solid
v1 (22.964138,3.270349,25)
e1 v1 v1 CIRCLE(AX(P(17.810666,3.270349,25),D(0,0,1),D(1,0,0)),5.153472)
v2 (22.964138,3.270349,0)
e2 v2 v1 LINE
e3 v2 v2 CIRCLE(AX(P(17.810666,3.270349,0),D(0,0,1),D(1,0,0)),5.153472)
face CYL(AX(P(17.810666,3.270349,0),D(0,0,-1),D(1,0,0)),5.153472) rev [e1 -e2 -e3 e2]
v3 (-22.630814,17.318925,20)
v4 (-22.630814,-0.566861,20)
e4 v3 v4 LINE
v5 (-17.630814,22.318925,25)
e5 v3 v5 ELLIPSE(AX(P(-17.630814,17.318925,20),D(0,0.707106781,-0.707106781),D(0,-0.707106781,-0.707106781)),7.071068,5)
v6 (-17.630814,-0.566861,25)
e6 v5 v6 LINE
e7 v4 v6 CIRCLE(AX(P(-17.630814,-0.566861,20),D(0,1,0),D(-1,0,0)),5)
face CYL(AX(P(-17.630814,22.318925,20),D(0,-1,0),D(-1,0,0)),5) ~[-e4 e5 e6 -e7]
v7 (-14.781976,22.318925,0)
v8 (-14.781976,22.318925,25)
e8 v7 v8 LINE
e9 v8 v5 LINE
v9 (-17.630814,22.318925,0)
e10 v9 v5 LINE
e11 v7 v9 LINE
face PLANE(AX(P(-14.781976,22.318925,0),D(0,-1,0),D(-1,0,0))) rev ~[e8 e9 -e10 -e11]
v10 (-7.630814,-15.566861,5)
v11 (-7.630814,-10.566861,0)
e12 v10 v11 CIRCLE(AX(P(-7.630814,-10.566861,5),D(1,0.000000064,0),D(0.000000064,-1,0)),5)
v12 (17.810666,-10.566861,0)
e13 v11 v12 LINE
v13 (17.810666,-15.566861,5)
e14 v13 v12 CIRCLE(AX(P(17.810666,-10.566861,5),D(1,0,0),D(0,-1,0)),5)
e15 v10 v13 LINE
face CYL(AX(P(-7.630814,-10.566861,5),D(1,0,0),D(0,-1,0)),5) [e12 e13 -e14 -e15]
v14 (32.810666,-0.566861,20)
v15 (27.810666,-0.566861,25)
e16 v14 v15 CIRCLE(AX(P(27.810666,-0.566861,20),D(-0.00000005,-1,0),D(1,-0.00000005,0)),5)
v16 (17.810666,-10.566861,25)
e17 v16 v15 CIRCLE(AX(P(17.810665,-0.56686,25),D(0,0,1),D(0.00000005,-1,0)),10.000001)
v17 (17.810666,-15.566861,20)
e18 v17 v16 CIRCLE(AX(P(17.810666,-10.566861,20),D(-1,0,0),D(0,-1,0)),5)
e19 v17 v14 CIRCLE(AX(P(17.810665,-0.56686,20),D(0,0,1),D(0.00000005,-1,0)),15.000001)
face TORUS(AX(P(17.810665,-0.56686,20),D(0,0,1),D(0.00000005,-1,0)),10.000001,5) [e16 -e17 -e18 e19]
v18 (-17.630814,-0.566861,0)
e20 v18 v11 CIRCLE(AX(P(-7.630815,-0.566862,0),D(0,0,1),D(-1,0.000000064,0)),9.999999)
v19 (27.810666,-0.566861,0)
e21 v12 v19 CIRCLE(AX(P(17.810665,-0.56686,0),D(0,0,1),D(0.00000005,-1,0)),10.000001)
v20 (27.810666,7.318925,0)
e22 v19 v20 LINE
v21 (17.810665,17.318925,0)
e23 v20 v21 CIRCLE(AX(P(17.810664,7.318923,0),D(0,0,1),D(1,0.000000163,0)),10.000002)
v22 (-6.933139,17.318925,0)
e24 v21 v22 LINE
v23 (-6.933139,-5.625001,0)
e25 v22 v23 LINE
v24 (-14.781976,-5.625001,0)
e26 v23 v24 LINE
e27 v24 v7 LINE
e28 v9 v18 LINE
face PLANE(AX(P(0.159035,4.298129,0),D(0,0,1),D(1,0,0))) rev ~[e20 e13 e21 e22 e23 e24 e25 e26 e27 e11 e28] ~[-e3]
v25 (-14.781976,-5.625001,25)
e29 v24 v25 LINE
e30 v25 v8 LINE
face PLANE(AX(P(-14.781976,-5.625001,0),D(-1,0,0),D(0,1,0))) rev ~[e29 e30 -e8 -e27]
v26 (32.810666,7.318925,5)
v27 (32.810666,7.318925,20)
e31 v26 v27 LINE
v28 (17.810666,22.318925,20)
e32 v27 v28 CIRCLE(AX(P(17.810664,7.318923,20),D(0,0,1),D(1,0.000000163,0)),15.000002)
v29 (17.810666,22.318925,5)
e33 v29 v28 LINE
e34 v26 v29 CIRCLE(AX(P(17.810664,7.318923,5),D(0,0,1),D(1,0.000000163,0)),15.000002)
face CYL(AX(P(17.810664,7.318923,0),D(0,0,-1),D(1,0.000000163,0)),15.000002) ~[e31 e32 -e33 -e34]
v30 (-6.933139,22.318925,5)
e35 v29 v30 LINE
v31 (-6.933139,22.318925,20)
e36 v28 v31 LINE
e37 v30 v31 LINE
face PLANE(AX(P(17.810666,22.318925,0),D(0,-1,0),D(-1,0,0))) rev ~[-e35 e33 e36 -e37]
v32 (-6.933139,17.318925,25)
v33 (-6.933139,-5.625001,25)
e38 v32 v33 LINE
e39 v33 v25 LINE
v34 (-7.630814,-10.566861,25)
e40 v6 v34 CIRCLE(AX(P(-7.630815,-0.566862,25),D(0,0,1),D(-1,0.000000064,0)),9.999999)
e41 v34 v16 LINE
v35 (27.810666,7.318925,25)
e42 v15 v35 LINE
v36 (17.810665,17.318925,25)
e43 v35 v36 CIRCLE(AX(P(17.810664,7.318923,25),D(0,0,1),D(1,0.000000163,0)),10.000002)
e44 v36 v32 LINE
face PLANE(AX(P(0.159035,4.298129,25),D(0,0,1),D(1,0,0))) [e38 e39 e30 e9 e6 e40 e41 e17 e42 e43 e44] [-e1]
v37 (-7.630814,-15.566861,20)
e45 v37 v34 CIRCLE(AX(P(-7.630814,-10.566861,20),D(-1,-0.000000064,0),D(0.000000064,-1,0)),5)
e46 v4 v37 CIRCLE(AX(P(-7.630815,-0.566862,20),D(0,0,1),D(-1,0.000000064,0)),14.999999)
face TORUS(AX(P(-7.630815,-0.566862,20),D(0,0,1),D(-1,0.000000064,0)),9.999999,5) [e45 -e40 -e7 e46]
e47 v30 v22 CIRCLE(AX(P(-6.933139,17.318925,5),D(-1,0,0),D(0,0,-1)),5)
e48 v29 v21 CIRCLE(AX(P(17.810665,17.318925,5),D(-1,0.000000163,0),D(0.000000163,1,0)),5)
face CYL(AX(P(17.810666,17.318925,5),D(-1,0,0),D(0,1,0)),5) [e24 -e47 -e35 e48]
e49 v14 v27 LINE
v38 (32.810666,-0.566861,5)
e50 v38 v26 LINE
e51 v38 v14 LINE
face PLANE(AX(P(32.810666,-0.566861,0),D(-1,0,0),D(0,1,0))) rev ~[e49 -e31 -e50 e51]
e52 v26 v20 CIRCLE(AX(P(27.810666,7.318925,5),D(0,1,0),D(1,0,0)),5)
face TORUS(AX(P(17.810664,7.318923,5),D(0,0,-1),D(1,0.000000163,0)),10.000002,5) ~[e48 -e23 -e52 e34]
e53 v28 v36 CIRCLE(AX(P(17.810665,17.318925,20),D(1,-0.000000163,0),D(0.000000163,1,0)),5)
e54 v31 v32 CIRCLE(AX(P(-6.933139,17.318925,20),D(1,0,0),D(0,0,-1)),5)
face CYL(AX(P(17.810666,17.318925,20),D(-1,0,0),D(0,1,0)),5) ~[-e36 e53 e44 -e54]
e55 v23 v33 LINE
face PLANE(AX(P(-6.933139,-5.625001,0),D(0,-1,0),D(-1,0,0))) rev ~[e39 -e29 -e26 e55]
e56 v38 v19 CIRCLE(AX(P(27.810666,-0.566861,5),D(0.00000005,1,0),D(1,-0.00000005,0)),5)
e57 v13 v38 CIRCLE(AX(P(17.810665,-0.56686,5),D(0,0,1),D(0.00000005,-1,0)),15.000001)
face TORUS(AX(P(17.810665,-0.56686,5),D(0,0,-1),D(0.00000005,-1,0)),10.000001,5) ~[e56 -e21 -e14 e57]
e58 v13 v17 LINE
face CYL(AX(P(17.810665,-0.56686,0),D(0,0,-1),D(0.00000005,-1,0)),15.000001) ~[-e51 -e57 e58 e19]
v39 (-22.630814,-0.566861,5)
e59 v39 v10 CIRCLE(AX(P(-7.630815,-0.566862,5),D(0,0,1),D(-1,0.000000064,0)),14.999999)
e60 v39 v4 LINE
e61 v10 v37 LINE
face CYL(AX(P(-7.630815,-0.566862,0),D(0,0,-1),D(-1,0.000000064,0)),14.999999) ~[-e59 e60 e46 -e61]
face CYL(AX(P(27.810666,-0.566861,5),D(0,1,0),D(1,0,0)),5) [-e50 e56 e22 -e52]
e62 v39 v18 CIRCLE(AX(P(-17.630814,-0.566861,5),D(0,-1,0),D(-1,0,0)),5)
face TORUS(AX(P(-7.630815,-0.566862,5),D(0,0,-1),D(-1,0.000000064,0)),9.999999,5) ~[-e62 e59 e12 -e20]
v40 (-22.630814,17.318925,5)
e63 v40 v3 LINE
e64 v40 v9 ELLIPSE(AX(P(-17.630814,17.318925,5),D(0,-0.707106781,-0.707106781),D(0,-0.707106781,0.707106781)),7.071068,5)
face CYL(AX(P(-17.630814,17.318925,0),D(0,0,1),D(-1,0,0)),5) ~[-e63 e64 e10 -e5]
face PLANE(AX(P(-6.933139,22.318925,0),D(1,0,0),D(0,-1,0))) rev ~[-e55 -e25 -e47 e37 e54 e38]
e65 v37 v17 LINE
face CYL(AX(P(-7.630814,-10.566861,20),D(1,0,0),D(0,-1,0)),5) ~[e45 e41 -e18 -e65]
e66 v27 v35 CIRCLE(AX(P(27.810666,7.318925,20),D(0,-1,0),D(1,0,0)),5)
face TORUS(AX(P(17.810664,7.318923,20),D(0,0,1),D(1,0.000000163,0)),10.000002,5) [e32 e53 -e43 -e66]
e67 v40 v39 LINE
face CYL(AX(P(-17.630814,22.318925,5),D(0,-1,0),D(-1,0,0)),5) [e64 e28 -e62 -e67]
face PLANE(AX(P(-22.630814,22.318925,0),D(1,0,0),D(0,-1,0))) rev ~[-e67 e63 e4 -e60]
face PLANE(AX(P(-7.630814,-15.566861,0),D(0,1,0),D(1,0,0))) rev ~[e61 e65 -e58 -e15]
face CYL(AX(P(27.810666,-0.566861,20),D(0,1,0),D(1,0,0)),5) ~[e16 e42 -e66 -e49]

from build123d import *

# Parameters (mm, degrees)
F0_R     = 5.153472
F1_DEPTH = 25
F2_R     = 5


with BuildPart() as f1:
    # F0 (on Top) → F1 (new body)
    with BuildSketch(Plane.XY):
        with BuildLine():
            ThreePointArc((32.810666, 7.318925), (28.417267, 17.925526), (17.810666, 22.318925))
            Line((17.810666, 22.318925), (-6.933139, 22.318925))
            Line((-6.933139, 22.318925), (-6.933139, -5.625001))
            Line((-6.933139, -5.625001), (-14.781976, -5.625001))
            Line((-14.781976, -5.625001), (-14.781976, 22.318925))
            Line((-14.781976, 22.318925), (-22.630814, 22.318925))
            Line((-22.630814, 22.318925), (-22.630814, -0.566861))
            ThreePointArc((-22.630814, -0.566861), (-18.237416, -11.173463), (-7.630814, -15.566861))
            Line((-7.630814, -15.566861), (17.810666, -15.566861))
            ThreePointArc((17.810666, -15.566861), (28.417267, -11.173463), (32.810666, -0.566861))
            Line((32.810666, -0.566861), (32.810666, 7.318925))
        make_face()
        with Locations((17.810666, 3.270349)):
            Circle(F0_R, mode=Mode.SUBTRACT)
    extrude(amount=F1_DEPTH)

    # F2
    f2_edges = [f1.edges().sort_by_distance(p)[0] for p in [
        (5.438763, 22.318925, 0),
        (5.438763, 22.318925, 25),
        (-22.630814, 22.318925, 12.5),
    ]]
    fillet(f2_edges, radius=F2_R)


solid = f1.part
